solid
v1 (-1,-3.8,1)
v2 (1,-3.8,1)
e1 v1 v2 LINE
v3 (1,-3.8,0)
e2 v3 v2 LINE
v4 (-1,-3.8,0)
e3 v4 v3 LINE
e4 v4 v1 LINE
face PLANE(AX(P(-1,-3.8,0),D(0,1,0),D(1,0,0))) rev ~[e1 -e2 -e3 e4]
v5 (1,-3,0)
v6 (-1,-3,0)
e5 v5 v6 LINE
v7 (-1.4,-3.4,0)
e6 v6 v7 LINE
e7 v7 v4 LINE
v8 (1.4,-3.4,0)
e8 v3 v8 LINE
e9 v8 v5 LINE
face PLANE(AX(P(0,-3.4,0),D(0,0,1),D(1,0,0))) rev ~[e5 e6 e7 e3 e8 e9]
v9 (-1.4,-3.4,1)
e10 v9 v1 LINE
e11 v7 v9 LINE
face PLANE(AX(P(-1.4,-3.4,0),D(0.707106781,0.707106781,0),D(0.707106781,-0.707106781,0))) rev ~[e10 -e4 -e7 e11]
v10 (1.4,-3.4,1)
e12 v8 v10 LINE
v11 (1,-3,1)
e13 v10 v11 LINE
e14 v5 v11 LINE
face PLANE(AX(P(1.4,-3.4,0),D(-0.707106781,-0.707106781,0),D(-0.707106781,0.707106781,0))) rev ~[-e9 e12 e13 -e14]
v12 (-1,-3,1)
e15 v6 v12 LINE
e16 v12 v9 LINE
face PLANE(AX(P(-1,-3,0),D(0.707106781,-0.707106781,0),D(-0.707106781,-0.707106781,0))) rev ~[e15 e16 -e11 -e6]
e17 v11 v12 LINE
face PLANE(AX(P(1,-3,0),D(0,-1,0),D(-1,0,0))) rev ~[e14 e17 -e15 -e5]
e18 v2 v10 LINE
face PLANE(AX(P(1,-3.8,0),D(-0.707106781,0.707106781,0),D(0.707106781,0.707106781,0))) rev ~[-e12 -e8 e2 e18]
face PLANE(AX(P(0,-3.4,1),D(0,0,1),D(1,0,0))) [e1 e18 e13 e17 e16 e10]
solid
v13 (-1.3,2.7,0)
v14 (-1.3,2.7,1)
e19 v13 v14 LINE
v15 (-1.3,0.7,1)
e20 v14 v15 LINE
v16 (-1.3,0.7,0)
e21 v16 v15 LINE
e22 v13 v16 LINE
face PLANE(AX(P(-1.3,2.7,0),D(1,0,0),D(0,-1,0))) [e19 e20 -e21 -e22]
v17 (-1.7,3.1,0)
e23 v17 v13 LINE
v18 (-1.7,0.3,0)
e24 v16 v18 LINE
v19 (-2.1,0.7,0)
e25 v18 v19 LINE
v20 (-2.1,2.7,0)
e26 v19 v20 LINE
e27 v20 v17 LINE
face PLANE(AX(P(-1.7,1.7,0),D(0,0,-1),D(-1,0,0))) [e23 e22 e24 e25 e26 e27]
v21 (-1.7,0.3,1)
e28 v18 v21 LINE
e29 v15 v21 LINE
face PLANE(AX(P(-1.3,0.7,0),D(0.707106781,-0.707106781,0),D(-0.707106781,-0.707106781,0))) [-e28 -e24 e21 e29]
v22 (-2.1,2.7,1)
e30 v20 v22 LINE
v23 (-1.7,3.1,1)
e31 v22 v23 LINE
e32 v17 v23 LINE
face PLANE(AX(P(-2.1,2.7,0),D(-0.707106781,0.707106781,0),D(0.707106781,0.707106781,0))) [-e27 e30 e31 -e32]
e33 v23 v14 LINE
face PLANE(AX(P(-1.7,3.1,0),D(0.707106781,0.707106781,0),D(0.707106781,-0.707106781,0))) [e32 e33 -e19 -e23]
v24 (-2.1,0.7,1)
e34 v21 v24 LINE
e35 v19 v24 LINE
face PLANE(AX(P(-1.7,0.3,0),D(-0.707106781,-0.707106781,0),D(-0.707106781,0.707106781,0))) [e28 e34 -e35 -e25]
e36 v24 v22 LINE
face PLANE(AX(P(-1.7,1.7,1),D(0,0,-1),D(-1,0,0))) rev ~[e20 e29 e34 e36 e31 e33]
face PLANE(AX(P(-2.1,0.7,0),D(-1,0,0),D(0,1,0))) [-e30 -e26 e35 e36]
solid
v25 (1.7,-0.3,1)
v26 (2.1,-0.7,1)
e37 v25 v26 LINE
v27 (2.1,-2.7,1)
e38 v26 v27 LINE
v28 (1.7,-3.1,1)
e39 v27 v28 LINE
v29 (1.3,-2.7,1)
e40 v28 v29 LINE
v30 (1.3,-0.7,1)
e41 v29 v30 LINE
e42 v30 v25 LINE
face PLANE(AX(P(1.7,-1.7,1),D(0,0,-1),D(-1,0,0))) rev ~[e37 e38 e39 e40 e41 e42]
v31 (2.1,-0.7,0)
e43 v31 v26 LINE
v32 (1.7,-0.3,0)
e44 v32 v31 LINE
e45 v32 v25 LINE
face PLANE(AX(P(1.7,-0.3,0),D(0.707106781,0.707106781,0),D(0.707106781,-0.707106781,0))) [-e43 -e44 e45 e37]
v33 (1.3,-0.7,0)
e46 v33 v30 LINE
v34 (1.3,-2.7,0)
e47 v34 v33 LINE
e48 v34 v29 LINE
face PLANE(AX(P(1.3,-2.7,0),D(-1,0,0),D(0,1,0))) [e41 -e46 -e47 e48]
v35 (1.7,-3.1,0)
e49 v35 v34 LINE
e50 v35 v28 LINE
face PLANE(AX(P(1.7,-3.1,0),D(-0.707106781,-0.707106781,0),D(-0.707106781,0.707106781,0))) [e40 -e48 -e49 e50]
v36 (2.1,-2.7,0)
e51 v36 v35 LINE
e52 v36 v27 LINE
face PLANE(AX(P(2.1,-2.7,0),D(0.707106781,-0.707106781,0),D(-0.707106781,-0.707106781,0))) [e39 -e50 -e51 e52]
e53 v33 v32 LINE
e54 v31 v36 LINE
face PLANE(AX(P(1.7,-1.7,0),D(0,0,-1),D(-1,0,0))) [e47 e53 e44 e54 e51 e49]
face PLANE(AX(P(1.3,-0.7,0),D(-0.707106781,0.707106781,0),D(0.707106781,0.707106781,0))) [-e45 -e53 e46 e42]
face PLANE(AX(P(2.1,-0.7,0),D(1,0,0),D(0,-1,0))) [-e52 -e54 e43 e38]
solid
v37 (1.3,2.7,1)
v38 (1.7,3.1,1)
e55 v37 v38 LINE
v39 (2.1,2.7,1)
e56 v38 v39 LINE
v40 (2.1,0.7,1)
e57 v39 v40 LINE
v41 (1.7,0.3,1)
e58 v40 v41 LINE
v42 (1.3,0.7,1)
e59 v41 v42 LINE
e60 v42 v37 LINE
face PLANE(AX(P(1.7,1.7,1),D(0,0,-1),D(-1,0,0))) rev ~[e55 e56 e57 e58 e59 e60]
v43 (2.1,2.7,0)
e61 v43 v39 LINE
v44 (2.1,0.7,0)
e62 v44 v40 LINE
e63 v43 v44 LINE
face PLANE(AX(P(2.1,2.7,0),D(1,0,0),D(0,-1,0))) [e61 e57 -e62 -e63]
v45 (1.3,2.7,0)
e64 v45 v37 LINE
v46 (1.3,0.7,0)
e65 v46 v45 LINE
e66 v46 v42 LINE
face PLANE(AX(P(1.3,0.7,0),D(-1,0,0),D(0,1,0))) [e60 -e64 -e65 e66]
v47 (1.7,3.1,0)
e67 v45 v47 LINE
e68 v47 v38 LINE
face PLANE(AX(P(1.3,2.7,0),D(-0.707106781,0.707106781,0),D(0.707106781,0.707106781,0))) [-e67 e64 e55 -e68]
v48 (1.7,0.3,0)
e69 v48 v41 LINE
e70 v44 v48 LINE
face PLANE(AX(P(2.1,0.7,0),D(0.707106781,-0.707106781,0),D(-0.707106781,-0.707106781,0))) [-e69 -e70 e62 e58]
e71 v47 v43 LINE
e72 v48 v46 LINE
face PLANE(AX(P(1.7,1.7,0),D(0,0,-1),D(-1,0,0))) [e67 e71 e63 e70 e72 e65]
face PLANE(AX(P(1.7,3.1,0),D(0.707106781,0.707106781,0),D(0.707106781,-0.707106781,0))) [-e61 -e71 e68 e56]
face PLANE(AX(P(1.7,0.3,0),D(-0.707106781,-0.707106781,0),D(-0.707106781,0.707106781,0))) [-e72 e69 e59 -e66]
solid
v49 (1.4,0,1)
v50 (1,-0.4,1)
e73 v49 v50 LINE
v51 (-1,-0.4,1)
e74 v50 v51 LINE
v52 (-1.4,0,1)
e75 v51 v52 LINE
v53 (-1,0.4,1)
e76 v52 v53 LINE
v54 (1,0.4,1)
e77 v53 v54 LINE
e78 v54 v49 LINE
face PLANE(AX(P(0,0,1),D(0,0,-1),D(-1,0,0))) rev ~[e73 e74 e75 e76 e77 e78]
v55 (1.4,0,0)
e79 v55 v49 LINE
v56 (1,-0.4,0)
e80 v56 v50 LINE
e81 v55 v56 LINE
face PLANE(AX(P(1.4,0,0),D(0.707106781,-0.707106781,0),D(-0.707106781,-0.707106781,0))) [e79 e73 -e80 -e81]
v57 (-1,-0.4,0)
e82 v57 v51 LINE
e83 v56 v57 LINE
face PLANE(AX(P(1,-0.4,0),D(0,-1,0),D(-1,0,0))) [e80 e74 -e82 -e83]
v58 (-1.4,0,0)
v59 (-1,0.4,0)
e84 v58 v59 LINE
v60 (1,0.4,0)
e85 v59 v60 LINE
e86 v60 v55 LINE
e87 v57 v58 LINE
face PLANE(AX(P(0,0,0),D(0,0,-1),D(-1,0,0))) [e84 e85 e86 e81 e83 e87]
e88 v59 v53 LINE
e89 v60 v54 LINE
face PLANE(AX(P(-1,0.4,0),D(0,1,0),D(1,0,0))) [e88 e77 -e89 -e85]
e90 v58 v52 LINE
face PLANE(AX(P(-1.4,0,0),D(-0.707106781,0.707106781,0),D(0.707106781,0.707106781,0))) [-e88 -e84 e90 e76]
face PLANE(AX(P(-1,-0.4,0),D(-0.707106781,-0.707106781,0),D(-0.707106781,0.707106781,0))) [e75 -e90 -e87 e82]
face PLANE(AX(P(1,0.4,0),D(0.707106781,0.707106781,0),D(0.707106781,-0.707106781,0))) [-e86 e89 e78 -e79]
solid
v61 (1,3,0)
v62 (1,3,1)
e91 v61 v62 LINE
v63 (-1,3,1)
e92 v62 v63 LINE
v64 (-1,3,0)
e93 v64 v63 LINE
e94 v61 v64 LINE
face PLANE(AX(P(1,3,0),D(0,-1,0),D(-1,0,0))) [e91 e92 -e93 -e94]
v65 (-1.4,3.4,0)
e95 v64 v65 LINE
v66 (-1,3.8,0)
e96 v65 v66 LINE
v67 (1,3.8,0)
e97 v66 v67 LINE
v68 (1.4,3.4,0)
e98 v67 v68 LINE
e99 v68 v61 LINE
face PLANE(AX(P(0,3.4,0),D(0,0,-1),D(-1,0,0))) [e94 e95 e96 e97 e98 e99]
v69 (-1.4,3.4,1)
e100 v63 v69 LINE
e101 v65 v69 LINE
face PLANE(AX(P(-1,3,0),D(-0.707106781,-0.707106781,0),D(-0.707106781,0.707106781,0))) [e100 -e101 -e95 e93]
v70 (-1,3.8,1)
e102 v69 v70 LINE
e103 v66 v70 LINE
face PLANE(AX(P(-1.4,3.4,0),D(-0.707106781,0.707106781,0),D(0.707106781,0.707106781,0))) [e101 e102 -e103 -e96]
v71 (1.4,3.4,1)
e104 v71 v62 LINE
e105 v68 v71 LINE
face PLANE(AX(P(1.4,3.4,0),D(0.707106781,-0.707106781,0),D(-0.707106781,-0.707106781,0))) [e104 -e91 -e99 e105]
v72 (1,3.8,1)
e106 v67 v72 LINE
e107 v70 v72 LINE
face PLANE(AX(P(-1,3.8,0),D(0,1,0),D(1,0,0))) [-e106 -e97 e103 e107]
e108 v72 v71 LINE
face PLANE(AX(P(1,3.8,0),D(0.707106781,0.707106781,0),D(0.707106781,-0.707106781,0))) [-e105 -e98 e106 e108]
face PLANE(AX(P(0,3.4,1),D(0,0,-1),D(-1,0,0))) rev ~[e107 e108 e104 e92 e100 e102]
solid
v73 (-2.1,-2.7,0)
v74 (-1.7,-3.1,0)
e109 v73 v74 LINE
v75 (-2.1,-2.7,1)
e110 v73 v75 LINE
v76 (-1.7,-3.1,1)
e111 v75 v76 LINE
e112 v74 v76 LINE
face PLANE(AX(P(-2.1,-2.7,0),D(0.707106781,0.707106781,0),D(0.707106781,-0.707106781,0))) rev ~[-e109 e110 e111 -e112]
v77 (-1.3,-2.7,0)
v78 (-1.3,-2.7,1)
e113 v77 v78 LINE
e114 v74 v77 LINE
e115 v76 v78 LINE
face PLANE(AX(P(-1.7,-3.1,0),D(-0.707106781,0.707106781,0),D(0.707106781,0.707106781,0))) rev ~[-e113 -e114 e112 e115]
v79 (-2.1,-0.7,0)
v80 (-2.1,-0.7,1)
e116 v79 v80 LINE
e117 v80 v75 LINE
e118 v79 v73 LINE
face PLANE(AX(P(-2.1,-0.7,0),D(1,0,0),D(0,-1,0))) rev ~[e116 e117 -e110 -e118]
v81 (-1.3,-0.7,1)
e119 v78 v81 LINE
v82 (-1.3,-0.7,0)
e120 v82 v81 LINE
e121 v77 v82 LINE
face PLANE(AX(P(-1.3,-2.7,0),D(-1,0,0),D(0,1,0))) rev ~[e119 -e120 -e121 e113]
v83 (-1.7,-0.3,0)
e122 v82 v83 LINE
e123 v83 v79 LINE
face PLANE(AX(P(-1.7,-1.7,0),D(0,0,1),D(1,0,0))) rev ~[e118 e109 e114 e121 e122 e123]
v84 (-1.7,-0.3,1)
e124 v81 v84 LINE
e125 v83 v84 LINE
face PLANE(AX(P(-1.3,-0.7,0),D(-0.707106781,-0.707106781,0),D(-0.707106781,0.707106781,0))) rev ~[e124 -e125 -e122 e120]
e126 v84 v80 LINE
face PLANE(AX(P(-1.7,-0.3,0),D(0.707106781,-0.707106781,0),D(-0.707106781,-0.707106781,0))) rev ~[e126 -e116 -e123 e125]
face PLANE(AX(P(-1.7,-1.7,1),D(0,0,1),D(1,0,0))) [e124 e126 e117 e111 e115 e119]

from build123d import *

# Parameters (mm, degrees)
BOSS_EXTRUDE1_DEPTH   = 1
BOSS_EXTRUDE1_2_DEPTH = 1
BOSS_EXTRUDE1_3_DEPTH = 1
BOSS_EXTRUDE1_4_DEPTH = 1
BOSS_EXTRUDE1_5_DEPTH = 1
BOSS_EXTRUDE1_6_DEPTH = 1
BOSS_EXTRUDE1_7_DEPTH = 1


with BuildPart() as part:
    # Sketch1 → Boss-Extrude1 (new body)
    with BuildSketch(Plane.XY):
        Polygon((-2.1, 2.7), (-1.7, 3.1), (-1.3, 2.7), (-1.3, 0.7), (-1.7, 0.3), (-2.1, 0.7), align=None)
    extrude(amount=BOSS_EXTRUDE1_DEPTH)


with BuildPart() as body_2:
    # Sketch1 → Boss-Extrude1 2 (new body)
    with BuildSketch(Plane.XY):
        Polygon((-1, 0.4), (1, 0.4), (1.4, 0), (1, -0.4), (-1, -0.4), (-1.4, 0), align=None)
    extrude(amount=BOSS_EXTRUDE1_2_DEPTH)


with BuildPart() as body_3:
    # Sketch1 → Boss-Extrude1 3 (new body)
    with BuildSketch(Plane.XY):
        Polygon((1.7, -0.3), (2.1, -0.7), (2.1, -2.7), (1.7, -3.1), (1.3, -2.7), (1.3, -0.7), align=None)
    extrude(amount=BOSS_EXTRUDE1_3_DEPTH)


with BuildPart() as body_4:
    # Sketch1 → Boss-Extrude1 4 (new body)
    with BuildSketch(Plane.XY):
        Polygon((-2.1, -2.7), (-1.7, -3.1), (-1.3, -2.7), (-1.3, -0.7), (-1.7, -0.3), (-2.1, -0.7), align=None)
    extrude(amount=BOSS_EXTRUDE1_4_DEPTH)


with BuildPart() as body_5:
    # Sketch1 → Boss-Extrude1 5 (new body)
    with BuildSketch(Plane.XY):
        Polygon((1, -3), (-1, -3), (-1.4, -3.4), (-1, -3.8), (1, -3.8), (1.4, -3.4), align=None)
    extrude(amount=BOSS_EXTRUDE1_5_DEPTH)


with BuildPart() as body_6:
    # Sketch1 → Boss-Extrude1 6 (new body)
    with BuildSketch(Plane.XY):
        Polygon((1.3, 0.7), (1.3, 2.7), (1.7, 3.1), (2.1, 2.7), (2.1, 0.7), (1.7, 0.3), align=None)
    extrude(amount=BOSS_EXTRUDE1_6_DEPTH)


with BuildPart() as body_7:
    # Sketch1 → Boss-Extrude1 7 (new body)
    with BuildSketch(Plane.XY):
        Polygon((1, 3), (-1, 3), (-1.4, 3.4), (-1, 3.8), (1, 3.8), (1.4, 3.4), align=None)
    extrude(amount=BOSS_EXTRUDE1_7_DEPTH)


solid = Compound([part.part, body_2.part, body_3.part, body_4.part, body_5.part, body_6.part, body_7.part])
